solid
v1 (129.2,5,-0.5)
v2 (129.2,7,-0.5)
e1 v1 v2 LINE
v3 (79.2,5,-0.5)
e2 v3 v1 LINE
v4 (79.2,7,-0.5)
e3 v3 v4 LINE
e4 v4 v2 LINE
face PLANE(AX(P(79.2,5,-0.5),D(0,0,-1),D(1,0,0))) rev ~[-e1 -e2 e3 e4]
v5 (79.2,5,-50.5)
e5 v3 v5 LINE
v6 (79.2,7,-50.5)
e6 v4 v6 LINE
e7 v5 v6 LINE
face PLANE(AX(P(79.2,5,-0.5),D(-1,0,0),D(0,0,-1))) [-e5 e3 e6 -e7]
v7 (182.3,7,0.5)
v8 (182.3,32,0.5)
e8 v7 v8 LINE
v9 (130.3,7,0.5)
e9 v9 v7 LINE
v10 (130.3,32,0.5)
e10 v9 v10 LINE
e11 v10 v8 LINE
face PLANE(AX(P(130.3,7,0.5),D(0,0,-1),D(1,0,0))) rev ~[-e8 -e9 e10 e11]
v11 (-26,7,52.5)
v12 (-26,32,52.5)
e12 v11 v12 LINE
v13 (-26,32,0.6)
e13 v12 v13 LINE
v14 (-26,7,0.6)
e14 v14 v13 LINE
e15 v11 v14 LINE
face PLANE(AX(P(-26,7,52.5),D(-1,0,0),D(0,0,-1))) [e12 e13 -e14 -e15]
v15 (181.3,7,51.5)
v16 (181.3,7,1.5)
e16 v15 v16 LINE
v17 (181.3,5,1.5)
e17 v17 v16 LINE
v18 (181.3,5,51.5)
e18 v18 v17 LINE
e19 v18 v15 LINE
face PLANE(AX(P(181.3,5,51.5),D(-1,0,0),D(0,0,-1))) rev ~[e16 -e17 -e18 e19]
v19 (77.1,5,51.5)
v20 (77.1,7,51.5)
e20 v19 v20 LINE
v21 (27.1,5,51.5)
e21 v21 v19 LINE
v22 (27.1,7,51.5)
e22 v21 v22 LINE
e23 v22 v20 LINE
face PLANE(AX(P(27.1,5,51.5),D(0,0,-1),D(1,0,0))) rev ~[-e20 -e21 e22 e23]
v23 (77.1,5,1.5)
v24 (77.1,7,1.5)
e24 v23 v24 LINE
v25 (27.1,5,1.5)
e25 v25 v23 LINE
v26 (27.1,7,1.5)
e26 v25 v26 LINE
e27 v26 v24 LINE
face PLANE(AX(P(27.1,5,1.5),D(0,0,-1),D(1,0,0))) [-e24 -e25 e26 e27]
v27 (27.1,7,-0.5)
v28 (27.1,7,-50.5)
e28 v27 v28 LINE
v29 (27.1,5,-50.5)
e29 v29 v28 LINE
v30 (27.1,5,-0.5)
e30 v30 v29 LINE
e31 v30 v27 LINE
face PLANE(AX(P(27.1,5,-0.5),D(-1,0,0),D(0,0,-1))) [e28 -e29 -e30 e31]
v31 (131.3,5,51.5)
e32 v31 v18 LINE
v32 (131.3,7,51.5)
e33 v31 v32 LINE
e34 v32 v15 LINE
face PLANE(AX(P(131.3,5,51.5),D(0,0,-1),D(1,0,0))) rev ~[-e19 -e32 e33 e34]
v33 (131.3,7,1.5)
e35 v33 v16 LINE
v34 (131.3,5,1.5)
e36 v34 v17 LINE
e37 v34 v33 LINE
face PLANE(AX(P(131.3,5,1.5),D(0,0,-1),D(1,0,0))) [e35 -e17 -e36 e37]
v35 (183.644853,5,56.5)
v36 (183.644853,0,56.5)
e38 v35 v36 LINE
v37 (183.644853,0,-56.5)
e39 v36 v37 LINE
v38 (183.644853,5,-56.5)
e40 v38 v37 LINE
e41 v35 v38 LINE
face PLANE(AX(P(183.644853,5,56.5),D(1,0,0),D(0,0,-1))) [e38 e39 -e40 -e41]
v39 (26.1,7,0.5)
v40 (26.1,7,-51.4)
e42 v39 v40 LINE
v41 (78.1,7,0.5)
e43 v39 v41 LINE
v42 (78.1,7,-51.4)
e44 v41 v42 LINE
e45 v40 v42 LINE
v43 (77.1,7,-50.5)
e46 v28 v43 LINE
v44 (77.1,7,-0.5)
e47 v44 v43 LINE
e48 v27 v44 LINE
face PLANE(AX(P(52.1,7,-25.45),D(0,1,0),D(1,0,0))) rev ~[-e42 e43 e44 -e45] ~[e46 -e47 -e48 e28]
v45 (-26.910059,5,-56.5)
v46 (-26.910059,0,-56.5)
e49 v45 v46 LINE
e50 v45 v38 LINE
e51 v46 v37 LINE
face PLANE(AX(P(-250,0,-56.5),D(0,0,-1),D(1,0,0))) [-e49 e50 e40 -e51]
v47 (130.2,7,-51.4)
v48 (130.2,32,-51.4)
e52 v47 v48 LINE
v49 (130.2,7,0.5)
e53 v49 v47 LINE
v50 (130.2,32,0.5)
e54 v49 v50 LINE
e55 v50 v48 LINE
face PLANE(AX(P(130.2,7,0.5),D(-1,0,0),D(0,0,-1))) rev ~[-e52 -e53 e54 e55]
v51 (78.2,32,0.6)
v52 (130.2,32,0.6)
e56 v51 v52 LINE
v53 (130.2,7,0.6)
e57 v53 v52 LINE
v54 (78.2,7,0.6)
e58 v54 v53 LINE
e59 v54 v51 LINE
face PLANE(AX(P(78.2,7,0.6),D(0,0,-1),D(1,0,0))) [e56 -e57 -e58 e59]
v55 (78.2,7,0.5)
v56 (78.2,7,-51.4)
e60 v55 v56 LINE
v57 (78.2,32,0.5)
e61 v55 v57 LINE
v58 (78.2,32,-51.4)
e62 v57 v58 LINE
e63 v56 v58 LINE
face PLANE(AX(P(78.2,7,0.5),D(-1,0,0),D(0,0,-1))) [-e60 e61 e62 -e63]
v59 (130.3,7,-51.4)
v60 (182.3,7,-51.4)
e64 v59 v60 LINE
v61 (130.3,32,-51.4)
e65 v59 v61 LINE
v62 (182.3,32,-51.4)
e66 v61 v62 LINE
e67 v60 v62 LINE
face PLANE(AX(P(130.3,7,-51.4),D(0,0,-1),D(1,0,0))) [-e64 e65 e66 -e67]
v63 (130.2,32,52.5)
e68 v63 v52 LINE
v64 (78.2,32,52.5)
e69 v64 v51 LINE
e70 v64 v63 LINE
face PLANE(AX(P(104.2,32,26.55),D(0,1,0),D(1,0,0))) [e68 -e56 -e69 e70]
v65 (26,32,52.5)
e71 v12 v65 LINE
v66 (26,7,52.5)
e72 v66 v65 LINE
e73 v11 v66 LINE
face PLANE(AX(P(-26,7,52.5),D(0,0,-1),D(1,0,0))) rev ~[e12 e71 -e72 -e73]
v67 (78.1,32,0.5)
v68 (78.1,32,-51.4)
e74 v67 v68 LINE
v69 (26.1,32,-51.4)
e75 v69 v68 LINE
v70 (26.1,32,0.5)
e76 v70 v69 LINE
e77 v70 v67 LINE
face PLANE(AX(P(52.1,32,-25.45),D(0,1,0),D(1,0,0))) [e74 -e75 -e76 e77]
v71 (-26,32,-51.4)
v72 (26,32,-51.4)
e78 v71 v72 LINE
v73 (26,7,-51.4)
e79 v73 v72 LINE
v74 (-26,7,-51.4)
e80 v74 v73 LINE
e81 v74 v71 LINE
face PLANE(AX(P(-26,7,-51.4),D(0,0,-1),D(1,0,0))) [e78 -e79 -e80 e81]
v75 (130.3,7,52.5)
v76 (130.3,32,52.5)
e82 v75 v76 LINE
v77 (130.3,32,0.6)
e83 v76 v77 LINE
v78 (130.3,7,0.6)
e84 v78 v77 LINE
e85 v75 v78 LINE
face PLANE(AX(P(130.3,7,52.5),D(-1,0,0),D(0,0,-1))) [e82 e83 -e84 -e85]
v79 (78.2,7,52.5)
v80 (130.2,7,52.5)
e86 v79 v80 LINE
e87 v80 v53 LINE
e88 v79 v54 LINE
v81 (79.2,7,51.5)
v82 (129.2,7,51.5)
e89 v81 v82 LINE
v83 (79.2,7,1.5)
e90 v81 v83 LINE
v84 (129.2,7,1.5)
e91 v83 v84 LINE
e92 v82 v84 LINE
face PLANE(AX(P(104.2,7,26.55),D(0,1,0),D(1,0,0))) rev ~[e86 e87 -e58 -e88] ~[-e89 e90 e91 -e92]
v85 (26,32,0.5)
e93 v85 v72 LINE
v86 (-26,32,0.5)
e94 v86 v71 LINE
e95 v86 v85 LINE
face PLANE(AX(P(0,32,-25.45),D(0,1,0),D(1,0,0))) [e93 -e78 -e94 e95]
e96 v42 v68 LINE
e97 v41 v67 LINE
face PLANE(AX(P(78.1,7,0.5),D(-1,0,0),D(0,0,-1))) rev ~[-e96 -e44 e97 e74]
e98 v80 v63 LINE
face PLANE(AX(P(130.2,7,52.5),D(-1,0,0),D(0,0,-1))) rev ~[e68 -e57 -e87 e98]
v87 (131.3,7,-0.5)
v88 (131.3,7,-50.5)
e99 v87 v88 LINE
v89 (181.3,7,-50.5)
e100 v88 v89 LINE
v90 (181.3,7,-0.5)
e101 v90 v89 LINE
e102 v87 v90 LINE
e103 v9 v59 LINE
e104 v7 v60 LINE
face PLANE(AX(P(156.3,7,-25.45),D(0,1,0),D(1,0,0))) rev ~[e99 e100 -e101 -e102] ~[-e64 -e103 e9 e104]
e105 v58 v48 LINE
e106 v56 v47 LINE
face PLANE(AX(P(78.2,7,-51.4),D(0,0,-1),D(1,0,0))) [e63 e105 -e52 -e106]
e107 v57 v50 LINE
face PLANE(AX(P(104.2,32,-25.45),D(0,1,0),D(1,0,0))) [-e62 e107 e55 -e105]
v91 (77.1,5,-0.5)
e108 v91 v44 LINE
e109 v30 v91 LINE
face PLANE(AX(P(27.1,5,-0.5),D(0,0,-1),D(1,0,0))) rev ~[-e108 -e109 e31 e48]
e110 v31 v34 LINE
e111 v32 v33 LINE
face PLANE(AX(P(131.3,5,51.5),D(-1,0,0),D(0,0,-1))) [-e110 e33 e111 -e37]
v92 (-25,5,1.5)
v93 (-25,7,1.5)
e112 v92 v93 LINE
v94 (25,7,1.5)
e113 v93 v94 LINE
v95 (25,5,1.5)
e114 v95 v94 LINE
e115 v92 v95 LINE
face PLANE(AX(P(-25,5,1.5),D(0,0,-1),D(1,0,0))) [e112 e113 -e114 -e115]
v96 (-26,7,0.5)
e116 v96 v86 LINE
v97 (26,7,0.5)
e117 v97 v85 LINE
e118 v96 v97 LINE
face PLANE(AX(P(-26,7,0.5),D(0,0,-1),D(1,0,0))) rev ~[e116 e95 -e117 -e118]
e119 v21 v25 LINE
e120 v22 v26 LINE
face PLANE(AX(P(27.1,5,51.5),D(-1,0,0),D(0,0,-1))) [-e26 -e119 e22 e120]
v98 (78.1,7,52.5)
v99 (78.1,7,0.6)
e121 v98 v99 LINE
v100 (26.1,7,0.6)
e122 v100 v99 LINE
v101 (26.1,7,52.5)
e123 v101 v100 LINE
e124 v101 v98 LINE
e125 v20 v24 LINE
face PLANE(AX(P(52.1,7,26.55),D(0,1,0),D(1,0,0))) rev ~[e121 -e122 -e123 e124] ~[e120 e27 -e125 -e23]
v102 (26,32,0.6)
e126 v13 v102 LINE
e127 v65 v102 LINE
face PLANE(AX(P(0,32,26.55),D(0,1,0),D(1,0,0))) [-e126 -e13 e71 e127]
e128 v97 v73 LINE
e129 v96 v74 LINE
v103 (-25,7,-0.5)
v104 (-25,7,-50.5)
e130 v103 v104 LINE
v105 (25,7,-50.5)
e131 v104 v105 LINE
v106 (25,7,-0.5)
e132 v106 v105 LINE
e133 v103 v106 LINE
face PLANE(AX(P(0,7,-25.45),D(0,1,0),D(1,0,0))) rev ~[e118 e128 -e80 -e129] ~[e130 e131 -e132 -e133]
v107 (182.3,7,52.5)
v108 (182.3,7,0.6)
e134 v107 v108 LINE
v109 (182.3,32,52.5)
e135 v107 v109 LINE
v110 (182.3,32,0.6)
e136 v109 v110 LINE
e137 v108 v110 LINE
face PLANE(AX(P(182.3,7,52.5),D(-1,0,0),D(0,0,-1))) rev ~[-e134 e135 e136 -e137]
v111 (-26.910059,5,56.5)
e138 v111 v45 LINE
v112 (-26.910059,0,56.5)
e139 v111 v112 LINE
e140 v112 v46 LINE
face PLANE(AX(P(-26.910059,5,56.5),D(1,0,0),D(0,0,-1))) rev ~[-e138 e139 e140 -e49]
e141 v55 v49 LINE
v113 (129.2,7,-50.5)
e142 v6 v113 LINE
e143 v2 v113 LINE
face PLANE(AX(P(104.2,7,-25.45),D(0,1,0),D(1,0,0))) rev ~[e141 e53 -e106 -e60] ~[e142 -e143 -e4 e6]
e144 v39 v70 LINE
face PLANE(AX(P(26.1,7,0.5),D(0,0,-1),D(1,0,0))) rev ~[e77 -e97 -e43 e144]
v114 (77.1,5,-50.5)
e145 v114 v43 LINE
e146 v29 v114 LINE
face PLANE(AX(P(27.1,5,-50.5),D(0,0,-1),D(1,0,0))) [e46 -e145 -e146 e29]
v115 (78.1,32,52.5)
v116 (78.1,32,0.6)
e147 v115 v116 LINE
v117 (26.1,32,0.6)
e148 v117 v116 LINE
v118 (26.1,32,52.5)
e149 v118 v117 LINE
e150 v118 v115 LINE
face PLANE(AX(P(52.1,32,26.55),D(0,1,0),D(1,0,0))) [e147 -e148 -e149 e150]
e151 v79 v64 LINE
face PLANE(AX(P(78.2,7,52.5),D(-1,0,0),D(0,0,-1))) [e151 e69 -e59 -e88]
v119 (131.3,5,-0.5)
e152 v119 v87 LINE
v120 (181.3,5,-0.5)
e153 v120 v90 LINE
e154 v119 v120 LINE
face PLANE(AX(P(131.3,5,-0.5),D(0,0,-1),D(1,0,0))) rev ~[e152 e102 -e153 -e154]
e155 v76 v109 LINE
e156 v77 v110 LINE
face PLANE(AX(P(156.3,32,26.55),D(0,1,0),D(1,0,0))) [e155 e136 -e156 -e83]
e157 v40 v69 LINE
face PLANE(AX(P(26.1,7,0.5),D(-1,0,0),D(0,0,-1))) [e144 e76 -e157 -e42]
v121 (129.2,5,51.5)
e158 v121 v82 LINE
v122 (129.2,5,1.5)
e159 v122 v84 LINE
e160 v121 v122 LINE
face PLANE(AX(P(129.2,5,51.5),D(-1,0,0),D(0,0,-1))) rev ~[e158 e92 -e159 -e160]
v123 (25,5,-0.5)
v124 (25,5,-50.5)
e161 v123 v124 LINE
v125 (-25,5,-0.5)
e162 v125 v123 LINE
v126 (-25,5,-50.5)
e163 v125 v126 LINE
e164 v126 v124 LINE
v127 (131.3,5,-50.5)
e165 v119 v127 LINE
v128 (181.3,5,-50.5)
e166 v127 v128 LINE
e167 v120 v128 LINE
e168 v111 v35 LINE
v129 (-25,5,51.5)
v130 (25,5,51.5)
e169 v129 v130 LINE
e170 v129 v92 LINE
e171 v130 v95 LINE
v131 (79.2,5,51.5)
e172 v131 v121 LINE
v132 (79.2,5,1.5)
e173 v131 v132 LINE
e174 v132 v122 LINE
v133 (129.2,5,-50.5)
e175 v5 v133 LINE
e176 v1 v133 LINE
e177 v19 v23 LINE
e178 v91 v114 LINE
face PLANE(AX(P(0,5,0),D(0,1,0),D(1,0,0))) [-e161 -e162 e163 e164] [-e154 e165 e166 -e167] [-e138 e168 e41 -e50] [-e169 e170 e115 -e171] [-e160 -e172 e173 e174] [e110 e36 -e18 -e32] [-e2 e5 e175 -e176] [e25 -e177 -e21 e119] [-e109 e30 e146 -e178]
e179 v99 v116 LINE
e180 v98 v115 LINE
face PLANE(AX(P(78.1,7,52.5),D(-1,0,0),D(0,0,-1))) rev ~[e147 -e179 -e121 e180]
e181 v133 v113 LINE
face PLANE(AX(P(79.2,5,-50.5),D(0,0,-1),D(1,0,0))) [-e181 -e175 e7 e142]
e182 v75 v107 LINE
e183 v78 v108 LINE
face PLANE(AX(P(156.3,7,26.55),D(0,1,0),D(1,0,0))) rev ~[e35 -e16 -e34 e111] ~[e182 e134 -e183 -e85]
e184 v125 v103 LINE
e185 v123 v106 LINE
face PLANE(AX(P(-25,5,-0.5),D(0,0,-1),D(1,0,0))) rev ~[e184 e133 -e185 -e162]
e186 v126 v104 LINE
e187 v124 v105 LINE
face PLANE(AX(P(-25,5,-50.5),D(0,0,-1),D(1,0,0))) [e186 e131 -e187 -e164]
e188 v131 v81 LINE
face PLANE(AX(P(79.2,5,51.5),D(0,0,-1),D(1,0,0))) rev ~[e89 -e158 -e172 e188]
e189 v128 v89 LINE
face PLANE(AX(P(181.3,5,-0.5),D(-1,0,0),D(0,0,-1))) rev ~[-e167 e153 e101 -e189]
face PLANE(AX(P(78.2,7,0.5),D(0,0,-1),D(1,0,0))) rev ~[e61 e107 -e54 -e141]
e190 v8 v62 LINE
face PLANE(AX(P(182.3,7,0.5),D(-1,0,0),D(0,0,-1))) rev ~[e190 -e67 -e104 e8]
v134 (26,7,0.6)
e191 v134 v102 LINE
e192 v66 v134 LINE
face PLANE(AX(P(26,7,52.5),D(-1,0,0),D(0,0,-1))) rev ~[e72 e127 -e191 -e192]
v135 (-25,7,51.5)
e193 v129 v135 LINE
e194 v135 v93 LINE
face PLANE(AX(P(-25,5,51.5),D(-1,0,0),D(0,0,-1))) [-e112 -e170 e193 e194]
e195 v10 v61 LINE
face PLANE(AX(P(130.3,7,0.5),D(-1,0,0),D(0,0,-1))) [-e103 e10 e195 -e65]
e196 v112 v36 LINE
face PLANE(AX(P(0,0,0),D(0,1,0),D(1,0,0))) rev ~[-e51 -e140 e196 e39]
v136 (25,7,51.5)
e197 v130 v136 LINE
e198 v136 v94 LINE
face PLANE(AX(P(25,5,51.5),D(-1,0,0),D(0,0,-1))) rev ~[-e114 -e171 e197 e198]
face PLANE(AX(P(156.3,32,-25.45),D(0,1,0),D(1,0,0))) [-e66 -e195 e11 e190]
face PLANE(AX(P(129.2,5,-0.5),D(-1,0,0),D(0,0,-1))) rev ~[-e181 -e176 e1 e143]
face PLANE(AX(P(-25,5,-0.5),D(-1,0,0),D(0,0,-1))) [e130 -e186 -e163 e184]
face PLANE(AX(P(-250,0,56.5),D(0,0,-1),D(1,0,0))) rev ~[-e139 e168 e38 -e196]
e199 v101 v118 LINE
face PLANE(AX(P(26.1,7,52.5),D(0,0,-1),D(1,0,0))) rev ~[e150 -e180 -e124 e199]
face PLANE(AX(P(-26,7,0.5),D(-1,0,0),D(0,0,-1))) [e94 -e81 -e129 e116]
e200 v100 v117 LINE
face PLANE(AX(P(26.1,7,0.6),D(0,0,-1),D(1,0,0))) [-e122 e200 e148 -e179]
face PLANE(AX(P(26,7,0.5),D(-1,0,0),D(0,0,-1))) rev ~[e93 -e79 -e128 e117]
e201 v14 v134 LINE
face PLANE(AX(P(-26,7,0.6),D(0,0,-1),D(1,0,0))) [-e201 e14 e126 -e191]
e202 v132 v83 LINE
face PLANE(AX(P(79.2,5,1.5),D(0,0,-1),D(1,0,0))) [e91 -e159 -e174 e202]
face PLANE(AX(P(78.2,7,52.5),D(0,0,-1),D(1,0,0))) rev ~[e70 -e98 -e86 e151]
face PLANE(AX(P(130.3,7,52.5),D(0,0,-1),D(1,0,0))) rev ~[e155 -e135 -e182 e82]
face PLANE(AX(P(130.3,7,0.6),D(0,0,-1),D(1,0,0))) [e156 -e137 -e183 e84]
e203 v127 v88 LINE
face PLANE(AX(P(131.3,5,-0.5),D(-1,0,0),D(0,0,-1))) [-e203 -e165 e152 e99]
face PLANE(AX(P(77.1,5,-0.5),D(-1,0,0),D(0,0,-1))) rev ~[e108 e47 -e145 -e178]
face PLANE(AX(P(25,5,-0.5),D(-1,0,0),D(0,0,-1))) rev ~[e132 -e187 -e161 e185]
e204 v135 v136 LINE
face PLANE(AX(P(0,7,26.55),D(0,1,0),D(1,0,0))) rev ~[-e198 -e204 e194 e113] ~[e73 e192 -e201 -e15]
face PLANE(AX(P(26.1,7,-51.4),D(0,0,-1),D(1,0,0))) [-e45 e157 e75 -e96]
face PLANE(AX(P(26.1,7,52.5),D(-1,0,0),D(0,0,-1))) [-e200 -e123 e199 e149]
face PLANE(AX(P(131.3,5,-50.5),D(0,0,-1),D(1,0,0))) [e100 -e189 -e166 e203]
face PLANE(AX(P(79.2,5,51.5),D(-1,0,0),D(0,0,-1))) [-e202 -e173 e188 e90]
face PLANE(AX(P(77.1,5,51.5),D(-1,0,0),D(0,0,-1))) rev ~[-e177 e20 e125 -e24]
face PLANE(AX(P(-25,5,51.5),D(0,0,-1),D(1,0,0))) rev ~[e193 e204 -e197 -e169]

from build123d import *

# Parameters (mm, degrees)
SKETCH1_W                 = 500
SKETCH1_H                 = 113
BOSS_EXTRUDE1_DEPTH       = 5
SKETCH2_W                 = 50
SKETCH2_H                 = 50
BOSS_EXTRUDE3_DEPTH       = 2
LPATTERN1_COUNT           = 2
LPATTERN1_PITCH           = 52
SKETCH3_W                 = 52
SKETCH3_H                 = 51.9
BOSS_EXTRUDE8_DEPTH       = 25
LPATTERN5_COUNT           = 2
LPATTERN5_PITCH           = 52
LPATTERN6_COUNT           = 4
LPATTERN6_PITCH           = 52.1
LPATTERN6_COPY_1_SKETCH_W = 50
LPATTERN6_COPY_1_SKETCH_H = 50
LPATTERN6_COPY_1_DEPTH    = 2
LPATTERN6_COPY_2_SKETCH_W = 50
LPATTERN6_COPY_2_SKETCH_H = 50
LPATTERN6_COPY_2_DEPTH    = 2
LPATTERN6_COPY_3_SKETCH_W = 50
LPATTERN6_COPY_3_SKETCH_H = 50
LPATTERN6_COPY_3_DEPTH    = 2
LPATTERN6_COPY_4_SKETCH_W = 52
LPATTERN6_COPY_4_SKETCH_H = 51.9
LPATTERN6_COPY_4_DEPTH    = 25
LPATTERN6_COPY_5_SKETCH_W = 52
LPATTERN6_COPY_5_SKETCH_H = 51.9
LPATTERN6_COPY_5_DEPTH    = 25
LPATTERN6_COPY_6_SKETCH_W = 52
LPATTERN6_COPY_6_SKETCH_H = 51.9
LPATTERN6_COPY_6_DEPTH    = 25
SKETCH4_W                 = 223.089941366
SKETCH4_H                 = 113
SKETCH4_W_2               = 66.355147464
CUT_EXTRUDE1_DEPTH        = 10


with BuildPart() as part:
    # Sketch1 → Boss-Extrude1 (new body)
    with BuildSketch(Plane(origin=(0, 0, 0), x_dir=(1, 0, 0), z_dir=(0, 1, 0))):
        Rectangle(SKETCH1_W, SKETCH1_H)
    extrude(amount=BOSS_EXTRUDE1_DEPTH)

    # Sketch2 → Boss-Extrude3 (add)
    with BuildSketch(Plane(origin=(0, 5, 0), x_dir=(1, 0, 0), z_dir=(0, 1, 0))):
        with Locations((0, -26.5)):
            Rectangle(SKETCH2_W, SKETCH2_H)
    boss_extrude3 = extrude(amount=BOSS_EXTRUDE3_DEPTH)

    # LPattern1: Boss-Extrude3 ×2
    with Locations(*[(0, 0, -i * LPATTERN1_PITCH) for i in range(1, LPATTERN1_COUNT)]):
        add(boss_extrude3)

    # Sketch3 → Boss-Extrude8 (add)
    with BuildSketch(Plane(origin=(0, 7, 0), x_dir=(1, 0, 0), z_dir=(0, 1, 0))):
        with Locations((0, -26.55)):
            Rectangle(SKETCH3_W, SKETCH3_H)
    boss_extrude8 = extrude(amount=BOSS_EXTRUDE8_DEPTH)

    # LPattern5: Boss-Extrude8 ×2
    with Locations(*[(0, 0, -i * LPATTERN5_PITCH) for i in range(1, LPATTERN5_COUNT)]):
        add(boss_extrude8)

    # LPattern6: Boss-Extrude3, Boss-Extrude8 ×4
    with Locations(*[(i * LPATTERN6_PITCH, 0, 0) for i in range(1, LPATTERN6_COUNT)]):
        add(boss_extrude3)
        add(boss_extrude8)

    # LPattern6 copy 1 sketch → LPattern6 copy 1 (add)
    with BuildSketch(Plane(origin=(52.1, 5, -52), x_dir=(1, 0, 0), z_dir=(0, 1, 0))):
        with Locations((0, -26.5)):
            Rectangle(LPATTERN6_COPY_1_SKETCH_W, LPATTERN6_COPY_1_SKETCH_H)
    extrude(amount=LPATTERN6_COPY_1_DEPTH)

    # LPattern6 copy 2 sketch → LPattern6 copy 2 (add)
    with BuildSketch(Plane(origin=(104.2, 5, -52), x_dir=(1, 0, 0), z_dir=(0, 1, 0))):
        with Locations((0, -26.5)):
            Rectangle(LPATTERN6_COPY_2_SKETCH_W, LPATTERN6_COPY_2_SKETCH_H)
    extrude(amount=LPATTERN6_COPY_2_DEPTH)

    # LPattern6 copy 3 sketch → LPattern6 copy 3 (add)
    with BuildSketch(Plane(origin=(156.3, 5, -52), x_dir=(1, 0, 0), z_dir=(0, 1, 0))):
        with Locations((0, -26.5)):
            Rectangle(LPATTERN6_COPY_3_SKETCH_W, LPATTERN6_COPY_3_SKETCH_H)
    extrude(amount=LPATTERN6_COPY_3_DEPTH)

    # LPattern6 copy 4 sketch → LPattern6 copy 4 (add)
    with BuildSketch(Plane(origin=(52.1, 7, -52), x_dir=(1, 0, 0), z_dir=(0, 1, 0))):
        with Locations((0, -26.55)):
            Rectangle(LPATTERN6_COPY_4_SKETCH_W, LPATTERN6_COPY_4_SKETCH_H)
    extrude(amount=LPATTERN6_COPY_4_DEPTH)

    # LPattern6 copy 5 sketch → LPattern6 copy 5 (add)
    with BuildSketch(Plane(origin=(104.2, 7, -52), x_dir=(1, 0, 0), z_dir=(0, 1, 0))):
        with Locations((0, -26.55)):
            Rectangle(LPATTERN6_COPY_5_SKETCH_W, LPATTERN6_COPY_5_SKETCH_H)
    extrude(amount=LPATTERN6_COPY_5_DEPTH)

    # LPattern6 copy 6 sketch → LPattern6 copy 6 (add)
    with BuildSketch(Plane(origin=(156.3, 7, -52), x_dir=(1, 0, 0), z_dir=(0, 1, 0))):
        with Locations((0, -26.55)):
            Rectangle(LPATTERN6_COPY_6_SKETCH_W, LPATTERN6_COPY_6_SKETCH_H)
    extrude(amount=LPATTERN6_COPY_6_DEPTH)

    # Sketch4 → Cut-Extrude1 (cut)
    with BuildSketch(Plane(origin=(0, 5, 0), x_dir=(1, 0, 0), z_dir=(0, 1, 0))):
        with Locations((-138.455029317, 0)):
            Rectangle(SKETCH4_W, SKETCH4_H)
        with Locations((216.822426268, 0)):
            Rectangle(SKETCH4_W_2, SKETCH4_H)
    extrude(amount=-CUT_EXTRUDE1_DEPTH, mode=Mode.SUBTRACT)


solid = part.part
